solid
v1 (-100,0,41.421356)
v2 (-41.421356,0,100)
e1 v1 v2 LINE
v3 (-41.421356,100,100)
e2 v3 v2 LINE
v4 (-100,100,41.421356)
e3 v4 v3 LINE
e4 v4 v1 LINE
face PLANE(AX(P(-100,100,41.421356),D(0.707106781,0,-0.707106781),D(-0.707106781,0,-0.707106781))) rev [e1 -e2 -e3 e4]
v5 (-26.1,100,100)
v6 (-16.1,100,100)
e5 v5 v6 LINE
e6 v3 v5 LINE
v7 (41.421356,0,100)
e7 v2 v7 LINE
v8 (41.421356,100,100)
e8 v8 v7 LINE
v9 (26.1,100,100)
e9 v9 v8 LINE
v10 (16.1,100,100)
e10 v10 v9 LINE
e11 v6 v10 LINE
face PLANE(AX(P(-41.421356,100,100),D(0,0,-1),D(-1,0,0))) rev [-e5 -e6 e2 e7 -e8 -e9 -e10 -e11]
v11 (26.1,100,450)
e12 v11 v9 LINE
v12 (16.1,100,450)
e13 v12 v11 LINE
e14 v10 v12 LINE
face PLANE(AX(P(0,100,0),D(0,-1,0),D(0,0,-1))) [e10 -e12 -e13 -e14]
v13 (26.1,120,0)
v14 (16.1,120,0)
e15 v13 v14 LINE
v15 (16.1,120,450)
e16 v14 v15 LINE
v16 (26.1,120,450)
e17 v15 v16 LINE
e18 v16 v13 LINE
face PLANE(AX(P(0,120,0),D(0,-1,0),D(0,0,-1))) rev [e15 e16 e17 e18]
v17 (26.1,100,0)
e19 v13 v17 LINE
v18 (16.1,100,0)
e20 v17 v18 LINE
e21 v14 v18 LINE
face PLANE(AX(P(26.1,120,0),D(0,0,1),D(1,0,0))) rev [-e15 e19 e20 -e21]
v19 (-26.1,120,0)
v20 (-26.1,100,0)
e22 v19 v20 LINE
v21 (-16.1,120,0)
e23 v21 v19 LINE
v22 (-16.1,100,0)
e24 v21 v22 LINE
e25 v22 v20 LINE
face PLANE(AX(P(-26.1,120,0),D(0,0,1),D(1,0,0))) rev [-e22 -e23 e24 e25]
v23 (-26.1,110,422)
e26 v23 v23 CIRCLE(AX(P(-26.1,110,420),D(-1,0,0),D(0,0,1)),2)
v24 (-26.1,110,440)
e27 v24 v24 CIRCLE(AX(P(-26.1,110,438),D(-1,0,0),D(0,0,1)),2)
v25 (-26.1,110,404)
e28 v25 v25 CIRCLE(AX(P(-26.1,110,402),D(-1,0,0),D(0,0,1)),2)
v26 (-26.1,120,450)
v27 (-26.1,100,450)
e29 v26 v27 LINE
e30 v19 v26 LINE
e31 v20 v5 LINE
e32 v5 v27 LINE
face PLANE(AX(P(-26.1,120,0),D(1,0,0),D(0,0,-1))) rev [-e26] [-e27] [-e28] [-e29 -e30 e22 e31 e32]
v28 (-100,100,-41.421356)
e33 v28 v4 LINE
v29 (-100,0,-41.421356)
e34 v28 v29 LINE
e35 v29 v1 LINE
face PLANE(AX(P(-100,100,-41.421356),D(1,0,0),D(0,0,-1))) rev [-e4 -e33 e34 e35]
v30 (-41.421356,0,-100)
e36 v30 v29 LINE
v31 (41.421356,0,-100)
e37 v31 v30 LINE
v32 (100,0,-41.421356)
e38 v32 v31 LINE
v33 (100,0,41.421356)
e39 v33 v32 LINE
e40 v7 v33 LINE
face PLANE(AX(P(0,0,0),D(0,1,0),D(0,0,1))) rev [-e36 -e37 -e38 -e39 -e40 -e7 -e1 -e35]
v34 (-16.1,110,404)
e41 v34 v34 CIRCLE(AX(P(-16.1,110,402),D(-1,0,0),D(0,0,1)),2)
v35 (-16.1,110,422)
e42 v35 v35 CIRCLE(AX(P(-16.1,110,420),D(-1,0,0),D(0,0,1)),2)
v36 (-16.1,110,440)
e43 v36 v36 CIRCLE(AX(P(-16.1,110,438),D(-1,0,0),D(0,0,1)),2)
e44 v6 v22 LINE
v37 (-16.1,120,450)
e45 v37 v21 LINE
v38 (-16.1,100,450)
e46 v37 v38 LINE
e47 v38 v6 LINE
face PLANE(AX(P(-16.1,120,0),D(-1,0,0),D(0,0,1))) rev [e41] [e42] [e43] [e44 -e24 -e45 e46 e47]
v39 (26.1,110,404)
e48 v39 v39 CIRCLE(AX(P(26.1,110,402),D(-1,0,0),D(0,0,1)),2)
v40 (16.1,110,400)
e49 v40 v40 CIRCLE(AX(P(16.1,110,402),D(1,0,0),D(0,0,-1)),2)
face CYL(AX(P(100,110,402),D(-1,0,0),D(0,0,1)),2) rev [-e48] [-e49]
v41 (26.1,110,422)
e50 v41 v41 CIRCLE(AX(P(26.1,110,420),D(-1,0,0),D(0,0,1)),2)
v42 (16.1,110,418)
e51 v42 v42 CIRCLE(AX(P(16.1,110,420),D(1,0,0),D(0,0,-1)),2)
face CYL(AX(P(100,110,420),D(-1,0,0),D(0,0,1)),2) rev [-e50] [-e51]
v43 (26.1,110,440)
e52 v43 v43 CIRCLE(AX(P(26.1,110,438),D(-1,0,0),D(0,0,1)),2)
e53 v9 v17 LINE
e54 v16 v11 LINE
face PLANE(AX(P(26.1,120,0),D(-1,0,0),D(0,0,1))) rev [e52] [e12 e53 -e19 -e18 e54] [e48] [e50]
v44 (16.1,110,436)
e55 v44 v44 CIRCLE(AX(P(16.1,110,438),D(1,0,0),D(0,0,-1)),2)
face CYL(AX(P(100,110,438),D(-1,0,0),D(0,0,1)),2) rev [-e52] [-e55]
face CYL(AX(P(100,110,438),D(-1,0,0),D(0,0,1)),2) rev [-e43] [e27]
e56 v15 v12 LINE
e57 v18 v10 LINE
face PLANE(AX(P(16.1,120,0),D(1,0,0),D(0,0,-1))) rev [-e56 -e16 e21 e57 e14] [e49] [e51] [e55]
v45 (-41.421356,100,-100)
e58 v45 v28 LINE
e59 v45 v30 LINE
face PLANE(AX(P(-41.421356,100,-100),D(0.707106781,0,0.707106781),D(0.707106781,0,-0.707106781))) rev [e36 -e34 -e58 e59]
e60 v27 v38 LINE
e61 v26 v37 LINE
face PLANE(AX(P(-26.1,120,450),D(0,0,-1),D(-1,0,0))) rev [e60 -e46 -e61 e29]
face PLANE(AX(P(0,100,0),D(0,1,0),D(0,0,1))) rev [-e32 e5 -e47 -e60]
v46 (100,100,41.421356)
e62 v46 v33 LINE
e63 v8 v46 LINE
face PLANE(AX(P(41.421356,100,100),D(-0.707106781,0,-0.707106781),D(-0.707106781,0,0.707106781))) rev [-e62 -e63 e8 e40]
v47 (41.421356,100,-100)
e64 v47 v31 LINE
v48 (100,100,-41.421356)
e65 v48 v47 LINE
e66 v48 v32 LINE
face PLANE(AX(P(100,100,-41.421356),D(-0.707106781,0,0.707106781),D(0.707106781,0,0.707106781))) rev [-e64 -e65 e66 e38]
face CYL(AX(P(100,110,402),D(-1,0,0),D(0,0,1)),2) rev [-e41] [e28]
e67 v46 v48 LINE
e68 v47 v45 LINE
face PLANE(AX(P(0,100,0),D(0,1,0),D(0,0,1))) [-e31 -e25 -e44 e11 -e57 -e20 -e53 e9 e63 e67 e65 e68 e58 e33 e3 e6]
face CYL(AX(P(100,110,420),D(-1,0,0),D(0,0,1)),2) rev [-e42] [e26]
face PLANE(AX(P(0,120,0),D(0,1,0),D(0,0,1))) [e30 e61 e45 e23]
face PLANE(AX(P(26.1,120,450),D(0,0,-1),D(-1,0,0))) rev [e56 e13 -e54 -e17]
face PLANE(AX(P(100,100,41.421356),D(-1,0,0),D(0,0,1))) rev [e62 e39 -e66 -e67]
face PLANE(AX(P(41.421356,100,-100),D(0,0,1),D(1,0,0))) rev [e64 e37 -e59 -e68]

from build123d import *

# Parameters (mm, degrees)
BOSS_EXTRUDE1_DEPTH = 100
SKETCH2_W           = 10
SKETCH2_H           = 450
BOSS_EXTRUDE2_DEPTH = 20
SKETCH3_R           = 2
CUT_EXTRUDE1_DEPTH  = 483.494777174


with BuildPart() as part:
    # Sketch1 → Boss-Extrude1 (new body)
    with BuildSketch(Plane(origin=(0, 0, 0), x_dir=(1, 0, 0), z_dir=(0, 1, 0))):
        Polygon((100, -41.421356237), (100, 41.421356237), (41.421356237, 100), (-41.421356237, 100), (-100, 41.421356237), (-100, -41.421356237), (-41.421356237, -100), (41.421356237, -100), align=None)
    extrude(amount=BOSS_EXTRUDE1_DEPTH)

    # Sketch2 → Boss-Extrude2 (add)
    with BuildSketch(Plane(origin=(0, 100, 0), x_dir=(1, 0, 0), z_dir=(0, 1, 0))):
        with Locations((-21.1, -225)):
            Rectangle(SKETCH2_W, SKETCH2_H)
        with Locations((21.1, -225)):
            Rectangle(SKETCH2_W, SKETCH2_H)
    extrude(amount=BOSS_EXTRUDE2_DEPTH)

    # Sketch3 → Cut-Extrude1 (cut, through all)
    with BuildSketch(Plane.ZY.offset(26.1)):
        with Locations((438, 110)):
            Circle(SKETCH3_R)
        with Locations((420, 110)):
            Circle(SKETCH3_R)
        with Locations((402, 110)):
            Circle(SKETCH3_R)
    extrude(amount=-CUT_EXTRUDE1_DEPTH, mode=Mode.SUBTRACT)


solid = part.part
